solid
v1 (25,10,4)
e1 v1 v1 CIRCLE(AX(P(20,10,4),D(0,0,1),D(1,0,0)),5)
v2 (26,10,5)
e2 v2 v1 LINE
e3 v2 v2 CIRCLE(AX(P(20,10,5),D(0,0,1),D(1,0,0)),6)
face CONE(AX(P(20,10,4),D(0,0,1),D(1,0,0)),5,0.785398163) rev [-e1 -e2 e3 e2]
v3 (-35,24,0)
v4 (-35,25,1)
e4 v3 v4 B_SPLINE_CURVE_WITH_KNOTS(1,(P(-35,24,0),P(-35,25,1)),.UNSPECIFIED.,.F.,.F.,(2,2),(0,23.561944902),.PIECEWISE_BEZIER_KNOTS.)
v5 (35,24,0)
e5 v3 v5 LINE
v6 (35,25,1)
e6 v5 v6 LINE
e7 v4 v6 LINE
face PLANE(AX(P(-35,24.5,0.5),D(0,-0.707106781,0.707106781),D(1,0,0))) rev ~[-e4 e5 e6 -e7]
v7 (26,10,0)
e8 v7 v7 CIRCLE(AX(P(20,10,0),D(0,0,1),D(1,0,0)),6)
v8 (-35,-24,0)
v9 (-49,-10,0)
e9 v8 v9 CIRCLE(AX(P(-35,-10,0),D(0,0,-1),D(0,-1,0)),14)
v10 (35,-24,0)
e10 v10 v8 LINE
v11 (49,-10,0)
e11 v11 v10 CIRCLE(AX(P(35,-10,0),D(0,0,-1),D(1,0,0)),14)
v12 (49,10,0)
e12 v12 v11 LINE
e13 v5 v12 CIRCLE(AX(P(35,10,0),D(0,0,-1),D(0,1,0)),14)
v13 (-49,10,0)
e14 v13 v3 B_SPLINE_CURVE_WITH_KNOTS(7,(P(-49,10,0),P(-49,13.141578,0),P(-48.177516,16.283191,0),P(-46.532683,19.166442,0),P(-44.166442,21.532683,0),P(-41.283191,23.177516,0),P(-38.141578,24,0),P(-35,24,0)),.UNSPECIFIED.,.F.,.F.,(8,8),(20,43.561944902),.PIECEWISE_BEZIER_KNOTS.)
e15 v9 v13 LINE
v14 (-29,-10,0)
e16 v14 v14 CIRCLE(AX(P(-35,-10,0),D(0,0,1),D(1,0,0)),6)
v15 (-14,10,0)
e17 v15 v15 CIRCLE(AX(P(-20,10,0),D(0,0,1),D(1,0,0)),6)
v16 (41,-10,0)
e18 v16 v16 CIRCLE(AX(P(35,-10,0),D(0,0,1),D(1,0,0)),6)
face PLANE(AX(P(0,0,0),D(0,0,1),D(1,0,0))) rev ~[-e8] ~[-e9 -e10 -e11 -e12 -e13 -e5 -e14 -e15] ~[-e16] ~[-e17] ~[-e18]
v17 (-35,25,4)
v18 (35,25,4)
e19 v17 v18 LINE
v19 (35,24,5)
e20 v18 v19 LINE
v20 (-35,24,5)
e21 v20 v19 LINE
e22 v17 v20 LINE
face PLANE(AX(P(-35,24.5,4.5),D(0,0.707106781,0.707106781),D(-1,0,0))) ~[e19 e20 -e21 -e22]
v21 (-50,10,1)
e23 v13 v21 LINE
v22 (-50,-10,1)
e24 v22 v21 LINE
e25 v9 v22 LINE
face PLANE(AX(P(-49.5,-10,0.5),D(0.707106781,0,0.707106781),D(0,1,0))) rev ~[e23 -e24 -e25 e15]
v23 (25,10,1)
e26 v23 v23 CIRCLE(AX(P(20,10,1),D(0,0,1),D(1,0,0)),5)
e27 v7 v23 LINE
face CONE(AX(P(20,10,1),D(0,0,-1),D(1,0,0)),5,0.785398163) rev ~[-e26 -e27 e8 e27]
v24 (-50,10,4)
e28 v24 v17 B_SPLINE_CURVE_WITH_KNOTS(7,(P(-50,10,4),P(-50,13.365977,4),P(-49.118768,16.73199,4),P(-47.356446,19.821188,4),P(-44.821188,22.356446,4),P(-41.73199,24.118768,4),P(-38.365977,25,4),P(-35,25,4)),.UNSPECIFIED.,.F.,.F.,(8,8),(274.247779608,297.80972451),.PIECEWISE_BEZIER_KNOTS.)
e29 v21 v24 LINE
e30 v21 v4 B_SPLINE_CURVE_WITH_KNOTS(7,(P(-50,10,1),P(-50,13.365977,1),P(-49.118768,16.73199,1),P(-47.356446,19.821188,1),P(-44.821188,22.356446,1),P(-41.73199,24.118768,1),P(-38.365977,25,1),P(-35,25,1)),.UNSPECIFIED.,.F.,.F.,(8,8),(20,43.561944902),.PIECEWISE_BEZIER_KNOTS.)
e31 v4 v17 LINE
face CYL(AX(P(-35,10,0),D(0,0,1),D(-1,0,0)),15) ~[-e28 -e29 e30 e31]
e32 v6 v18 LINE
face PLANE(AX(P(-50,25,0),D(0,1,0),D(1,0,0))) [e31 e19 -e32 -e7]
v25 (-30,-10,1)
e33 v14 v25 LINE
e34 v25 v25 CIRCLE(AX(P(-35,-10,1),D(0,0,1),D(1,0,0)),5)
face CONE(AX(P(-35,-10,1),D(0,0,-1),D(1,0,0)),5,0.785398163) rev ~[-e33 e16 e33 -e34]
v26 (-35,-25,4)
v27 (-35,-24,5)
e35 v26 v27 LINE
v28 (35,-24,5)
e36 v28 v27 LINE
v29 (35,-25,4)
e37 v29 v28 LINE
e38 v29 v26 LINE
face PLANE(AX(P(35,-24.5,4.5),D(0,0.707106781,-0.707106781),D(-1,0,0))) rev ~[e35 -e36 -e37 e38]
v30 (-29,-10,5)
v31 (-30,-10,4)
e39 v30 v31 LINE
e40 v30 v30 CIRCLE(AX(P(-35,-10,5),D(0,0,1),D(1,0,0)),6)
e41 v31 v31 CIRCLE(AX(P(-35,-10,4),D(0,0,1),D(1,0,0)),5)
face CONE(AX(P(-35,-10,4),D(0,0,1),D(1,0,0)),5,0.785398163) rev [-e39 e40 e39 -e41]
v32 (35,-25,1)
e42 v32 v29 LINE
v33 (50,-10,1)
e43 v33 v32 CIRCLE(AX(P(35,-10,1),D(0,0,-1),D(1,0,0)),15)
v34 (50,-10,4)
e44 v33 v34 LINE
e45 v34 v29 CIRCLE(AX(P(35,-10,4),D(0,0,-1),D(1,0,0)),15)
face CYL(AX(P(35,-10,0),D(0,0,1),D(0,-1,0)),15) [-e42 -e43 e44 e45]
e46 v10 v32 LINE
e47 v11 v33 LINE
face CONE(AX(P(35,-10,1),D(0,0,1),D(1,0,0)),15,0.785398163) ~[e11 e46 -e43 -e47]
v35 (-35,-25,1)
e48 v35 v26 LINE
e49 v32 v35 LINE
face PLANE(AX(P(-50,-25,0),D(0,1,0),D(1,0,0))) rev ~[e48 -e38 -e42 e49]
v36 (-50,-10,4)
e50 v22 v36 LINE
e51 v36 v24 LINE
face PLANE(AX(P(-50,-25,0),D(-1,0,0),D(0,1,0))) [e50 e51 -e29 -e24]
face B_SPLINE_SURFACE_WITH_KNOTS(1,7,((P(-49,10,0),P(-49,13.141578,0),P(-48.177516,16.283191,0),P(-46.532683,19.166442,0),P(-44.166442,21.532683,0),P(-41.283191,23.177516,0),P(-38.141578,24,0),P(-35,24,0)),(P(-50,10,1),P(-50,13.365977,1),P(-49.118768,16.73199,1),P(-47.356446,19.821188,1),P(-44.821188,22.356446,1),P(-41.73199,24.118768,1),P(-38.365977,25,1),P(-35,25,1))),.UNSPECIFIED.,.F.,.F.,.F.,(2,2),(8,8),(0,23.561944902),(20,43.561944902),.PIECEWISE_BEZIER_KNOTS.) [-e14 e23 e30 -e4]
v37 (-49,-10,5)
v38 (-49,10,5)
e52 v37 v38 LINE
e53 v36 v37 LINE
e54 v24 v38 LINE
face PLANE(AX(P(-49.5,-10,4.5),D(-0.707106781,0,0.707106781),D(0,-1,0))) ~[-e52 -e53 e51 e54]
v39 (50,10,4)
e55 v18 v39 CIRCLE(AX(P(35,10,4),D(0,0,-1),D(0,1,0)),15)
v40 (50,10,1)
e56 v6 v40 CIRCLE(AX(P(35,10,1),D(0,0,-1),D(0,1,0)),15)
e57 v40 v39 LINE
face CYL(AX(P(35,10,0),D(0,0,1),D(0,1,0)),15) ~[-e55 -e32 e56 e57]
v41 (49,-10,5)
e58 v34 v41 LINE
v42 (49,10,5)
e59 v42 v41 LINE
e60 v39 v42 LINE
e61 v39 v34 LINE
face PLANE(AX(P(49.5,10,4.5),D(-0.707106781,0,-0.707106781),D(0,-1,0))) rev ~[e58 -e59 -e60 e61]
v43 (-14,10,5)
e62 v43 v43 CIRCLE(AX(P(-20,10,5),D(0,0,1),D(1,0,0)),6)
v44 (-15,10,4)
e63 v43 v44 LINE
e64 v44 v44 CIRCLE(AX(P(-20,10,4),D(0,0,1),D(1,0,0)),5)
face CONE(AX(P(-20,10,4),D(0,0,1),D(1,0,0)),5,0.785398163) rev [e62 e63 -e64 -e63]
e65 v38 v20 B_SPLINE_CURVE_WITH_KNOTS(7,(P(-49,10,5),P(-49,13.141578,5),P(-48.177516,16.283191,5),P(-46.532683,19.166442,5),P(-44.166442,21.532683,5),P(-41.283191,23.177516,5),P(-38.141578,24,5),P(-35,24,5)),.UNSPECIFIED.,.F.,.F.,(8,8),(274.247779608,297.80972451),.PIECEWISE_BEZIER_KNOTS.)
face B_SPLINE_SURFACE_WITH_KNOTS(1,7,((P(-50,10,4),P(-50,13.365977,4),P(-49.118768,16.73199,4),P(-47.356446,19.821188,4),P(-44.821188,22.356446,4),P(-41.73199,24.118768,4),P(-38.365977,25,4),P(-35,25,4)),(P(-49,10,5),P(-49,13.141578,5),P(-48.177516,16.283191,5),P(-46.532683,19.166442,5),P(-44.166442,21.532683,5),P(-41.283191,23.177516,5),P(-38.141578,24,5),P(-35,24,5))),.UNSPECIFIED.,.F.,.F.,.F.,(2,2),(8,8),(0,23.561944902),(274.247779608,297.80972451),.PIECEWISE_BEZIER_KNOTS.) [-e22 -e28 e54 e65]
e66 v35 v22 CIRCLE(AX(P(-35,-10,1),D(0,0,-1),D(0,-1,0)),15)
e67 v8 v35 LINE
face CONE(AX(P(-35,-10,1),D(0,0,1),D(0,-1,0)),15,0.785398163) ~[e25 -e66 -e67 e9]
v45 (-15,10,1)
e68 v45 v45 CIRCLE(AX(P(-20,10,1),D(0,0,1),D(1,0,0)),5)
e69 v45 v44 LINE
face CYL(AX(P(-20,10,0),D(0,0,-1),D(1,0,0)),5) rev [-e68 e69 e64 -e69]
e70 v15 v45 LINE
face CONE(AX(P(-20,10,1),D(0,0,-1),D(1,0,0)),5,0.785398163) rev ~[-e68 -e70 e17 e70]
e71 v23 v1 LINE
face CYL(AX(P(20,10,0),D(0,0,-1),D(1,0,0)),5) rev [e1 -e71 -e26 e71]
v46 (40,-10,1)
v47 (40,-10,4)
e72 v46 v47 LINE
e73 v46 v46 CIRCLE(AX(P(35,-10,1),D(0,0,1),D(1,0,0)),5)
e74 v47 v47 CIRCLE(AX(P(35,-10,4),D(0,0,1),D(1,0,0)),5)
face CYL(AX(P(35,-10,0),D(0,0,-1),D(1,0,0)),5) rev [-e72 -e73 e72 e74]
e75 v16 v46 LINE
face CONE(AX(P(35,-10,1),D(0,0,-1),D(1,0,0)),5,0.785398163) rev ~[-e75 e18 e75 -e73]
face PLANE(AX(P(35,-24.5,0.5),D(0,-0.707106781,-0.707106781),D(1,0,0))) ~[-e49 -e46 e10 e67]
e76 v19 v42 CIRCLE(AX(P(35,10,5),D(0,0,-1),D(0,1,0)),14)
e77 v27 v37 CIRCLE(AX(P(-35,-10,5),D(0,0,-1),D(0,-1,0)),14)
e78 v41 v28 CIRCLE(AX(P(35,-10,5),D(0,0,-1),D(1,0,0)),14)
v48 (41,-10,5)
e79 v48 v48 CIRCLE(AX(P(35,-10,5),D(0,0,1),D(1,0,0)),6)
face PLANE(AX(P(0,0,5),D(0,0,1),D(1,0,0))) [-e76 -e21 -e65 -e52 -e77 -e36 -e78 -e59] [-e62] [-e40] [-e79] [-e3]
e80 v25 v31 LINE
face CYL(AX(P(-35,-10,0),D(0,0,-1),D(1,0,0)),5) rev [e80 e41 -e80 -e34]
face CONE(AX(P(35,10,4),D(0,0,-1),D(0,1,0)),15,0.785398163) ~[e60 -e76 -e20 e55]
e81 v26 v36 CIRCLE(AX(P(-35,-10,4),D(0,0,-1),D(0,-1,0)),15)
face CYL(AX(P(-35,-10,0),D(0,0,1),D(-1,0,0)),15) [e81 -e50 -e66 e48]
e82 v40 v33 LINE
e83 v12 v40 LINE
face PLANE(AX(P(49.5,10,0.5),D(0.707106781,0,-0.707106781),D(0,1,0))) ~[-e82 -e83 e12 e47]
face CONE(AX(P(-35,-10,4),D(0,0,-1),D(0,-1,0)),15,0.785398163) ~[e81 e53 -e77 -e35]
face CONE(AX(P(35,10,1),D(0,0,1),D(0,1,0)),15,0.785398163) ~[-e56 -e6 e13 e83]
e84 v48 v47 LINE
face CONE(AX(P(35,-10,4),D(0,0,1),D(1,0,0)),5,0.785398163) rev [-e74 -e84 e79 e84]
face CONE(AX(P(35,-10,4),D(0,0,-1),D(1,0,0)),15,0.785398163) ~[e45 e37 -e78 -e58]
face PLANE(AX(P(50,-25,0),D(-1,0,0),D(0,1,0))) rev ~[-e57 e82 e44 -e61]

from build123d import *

# Parameters (mm, degrees)
F0_W     = 100
F0_H     = 50
F0_R     = 5
F1_DEPTH = 5
F2_R     = 15
F3_SIZE  = 1
F4_SIZE  = 1


with BuildPart() as f1:
    # F0 (on Top) → F1 (new body)
    with BuildSketch(Plane.XY):
        Rectangle(F0_W, F0_H)
        with Locations((-35, -10)):
            Circle(F0_R, mode=Mode.SUBTRACT)
        with Locations((35, -10)):
            Circle(F0_R, mode=Mode.SUBTRACT)
        with Locations((-20, 10)):
            Circle(F0_R, mode=Mode.SUBTRACT)
        with Locations((20, 10)):
            Circle(F0_R, mode=Mode.SUBTRACT)
    extrude(amount=F1_DEPTH)

    # F2
    f2_edges = [f1.edges().sort_by_distance(p)[0] for p in [
        (-50, 25, 2.5),
        (-50, -25, 2.5),
        (50, -25, 2.5),
        (50, 25, 2.5),
    ]]
    fillet(f2_edges, radius=F2_R)

    # F3
    f3_edges = [f1.edges().sort_by_distance(p)[0] for p in [
        (-25, 10, 5),
        (-40, -10, 5),
        (-25, 10, 0),
        (-40, -10, 0),
        (15, 10, 5),
        (15, 10, 0),
        (30, -10, 5),
        (30, -10, 0),
    ]]
    chamfer(f3_edges, length=F3_SIZE)

    # F4
    f4_edges = [f1.edges().sort_by_distance(p)[0] for p in [
        (-45.606602, 20.606602, 5),
        (-50, 0, 0),
    ]]
    chamfer(f4_edges, length=F4_SIZE)


solid = f1.part
